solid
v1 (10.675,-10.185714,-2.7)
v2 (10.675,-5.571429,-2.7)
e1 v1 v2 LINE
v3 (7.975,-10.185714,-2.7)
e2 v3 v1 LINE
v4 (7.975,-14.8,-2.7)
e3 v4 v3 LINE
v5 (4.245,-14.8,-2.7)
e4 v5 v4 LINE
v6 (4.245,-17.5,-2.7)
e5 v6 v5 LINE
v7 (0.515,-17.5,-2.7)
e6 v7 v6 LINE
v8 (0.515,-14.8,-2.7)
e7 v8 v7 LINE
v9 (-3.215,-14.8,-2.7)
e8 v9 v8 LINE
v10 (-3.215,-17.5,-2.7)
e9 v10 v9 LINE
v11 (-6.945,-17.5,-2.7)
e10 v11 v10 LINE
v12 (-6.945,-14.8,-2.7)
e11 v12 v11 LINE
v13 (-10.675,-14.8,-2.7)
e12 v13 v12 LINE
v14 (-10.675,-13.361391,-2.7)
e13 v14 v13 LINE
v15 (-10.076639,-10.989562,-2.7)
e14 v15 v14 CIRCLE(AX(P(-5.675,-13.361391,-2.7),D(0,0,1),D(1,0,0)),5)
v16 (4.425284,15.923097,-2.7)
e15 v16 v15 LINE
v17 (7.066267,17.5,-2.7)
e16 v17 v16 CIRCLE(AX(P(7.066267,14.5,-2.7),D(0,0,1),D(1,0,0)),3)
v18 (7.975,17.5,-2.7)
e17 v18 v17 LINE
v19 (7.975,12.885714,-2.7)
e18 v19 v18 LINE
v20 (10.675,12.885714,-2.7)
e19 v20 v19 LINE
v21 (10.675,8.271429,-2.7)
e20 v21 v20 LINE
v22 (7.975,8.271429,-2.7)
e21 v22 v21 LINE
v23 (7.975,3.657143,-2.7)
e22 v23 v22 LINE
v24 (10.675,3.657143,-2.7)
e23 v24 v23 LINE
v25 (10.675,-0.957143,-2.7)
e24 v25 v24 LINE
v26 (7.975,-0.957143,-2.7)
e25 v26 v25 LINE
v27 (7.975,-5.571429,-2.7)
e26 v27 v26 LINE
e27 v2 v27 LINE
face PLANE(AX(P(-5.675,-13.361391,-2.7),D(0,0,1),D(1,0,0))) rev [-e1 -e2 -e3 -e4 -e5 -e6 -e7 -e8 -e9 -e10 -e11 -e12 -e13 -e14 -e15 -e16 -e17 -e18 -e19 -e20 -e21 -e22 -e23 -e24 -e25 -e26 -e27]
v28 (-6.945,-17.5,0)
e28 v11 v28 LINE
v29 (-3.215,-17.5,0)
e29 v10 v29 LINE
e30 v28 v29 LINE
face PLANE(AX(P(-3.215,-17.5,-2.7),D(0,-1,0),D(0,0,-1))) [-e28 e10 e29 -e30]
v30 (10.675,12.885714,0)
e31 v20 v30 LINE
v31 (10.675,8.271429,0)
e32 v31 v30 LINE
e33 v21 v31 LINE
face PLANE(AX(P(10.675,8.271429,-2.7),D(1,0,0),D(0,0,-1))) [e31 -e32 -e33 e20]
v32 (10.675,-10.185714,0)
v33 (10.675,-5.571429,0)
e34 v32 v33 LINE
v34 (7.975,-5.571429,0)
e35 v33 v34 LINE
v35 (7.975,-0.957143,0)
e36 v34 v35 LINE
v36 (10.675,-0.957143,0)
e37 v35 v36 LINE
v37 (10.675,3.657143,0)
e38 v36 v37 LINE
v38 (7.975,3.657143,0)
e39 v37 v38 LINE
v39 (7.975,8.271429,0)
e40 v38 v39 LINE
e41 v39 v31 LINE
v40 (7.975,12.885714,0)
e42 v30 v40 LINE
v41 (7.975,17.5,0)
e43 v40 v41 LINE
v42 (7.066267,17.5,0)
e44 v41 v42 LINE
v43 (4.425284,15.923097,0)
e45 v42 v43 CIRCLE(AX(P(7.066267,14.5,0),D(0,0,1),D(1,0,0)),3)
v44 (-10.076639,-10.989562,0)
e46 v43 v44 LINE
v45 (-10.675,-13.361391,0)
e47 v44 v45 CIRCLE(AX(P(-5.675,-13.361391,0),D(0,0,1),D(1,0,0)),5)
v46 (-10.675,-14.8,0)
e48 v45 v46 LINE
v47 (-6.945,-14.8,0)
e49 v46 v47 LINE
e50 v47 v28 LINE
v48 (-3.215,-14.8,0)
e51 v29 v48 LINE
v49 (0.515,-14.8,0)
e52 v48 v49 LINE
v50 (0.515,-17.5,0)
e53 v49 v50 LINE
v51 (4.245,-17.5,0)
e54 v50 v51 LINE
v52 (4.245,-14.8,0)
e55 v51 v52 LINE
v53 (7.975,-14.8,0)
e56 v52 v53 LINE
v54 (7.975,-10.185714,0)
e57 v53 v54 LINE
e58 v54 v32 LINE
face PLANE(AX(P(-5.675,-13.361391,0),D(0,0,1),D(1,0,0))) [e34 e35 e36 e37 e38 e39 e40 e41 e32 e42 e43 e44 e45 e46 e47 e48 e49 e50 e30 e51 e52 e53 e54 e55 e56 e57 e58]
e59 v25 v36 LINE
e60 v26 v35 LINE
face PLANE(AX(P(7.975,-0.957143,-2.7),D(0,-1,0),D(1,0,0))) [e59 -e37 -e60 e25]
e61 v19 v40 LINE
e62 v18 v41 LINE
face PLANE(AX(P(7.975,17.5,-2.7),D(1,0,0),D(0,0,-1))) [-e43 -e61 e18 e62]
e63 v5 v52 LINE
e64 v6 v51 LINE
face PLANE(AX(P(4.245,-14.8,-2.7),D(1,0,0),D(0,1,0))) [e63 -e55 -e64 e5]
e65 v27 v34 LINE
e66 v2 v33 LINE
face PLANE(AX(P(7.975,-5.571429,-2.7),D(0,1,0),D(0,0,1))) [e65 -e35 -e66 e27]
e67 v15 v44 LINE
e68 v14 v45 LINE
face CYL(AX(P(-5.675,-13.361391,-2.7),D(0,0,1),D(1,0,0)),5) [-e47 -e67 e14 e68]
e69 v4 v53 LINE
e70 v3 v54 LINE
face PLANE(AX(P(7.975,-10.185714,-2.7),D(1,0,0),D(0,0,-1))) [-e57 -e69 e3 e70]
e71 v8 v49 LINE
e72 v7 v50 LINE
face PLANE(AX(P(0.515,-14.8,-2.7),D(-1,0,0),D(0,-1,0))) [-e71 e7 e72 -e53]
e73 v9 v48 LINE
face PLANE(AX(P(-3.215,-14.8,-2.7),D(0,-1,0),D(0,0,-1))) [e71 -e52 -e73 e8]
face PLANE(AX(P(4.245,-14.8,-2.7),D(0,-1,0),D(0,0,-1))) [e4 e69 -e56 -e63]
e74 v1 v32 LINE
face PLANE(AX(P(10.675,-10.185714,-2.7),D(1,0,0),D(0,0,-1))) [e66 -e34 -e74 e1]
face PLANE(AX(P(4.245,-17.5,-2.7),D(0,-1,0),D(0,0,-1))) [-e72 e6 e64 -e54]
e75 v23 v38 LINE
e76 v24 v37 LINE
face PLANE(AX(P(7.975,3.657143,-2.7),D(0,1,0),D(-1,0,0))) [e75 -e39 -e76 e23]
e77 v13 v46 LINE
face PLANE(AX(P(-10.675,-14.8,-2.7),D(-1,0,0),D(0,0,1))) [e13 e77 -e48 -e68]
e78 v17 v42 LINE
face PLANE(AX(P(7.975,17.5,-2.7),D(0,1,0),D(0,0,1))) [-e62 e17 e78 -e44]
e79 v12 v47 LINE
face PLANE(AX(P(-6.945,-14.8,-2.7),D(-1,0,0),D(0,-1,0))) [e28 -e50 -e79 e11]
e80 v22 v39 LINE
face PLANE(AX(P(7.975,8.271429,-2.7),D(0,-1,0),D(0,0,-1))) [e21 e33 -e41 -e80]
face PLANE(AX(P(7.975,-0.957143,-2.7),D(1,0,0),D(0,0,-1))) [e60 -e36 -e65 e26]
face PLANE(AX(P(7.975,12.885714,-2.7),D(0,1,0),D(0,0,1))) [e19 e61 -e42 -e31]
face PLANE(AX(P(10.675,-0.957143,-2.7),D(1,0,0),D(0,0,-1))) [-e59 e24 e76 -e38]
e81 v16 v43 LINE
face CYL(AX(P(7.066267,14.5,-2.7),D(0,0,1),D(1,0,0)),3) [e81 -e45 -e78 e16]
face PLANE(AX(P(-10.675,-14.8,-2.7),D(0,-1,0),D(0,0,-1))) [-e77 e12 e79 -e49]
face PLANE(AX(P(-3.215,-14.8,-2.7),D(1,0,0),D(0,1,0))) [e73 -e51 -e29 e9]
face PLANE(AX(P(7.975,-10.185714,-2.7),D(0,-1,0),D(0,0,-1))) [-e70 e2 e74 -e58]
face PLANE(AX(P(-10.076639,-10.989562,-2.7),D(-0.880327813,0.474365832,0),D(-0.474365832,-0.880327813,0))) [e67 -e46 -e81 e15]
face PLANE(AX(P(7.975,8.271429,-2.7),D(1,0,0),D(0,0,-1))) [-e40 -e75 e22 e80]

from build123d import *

# Parameters (mm, degrees)
BOSS_EXTRUDE1_DEPTH = 2.7


with BuildPart() as part:
    # Sketch1 → Boss-Extrude1 (new body)
    with BuildSketch(Plane.XY):
        with BuildLine():
            Line((7.975, 17.5), (7.066267392, 17.5))
            ThreePointArc((7.066267392, 17.5), (5.52829673, 17.075780705), (4.425283954, 15.923097495))
            Line((4.425283954, 15.923097495), (-10.076639064, -10.98956215))
            ThreePointArc((-10.076639064, -10.98956215), (-10.52310248, -12.138320442), (-10.675, -13.361391307))
            Line((-10.675, -13.361391307), (-10.675, -14.8))
            Line((-10.675, -14.8), (-6.945, -14.8))
            Line((-6.945, -14.8), (-6.945, -17.5))
            Line((-6.945, -17.5), (-3.215, -17.5))
            Line((-3.215, -17.5), (-3.215, -14.8))
            Line((-3.215, -14.8), (0.515, -14.8))
            Line((0.515, -14.8), (0.515, -17.5))
            Line((0.515, -17.5), (4.245, -17.5))
            Line((4.245, -17.5), (4.245, -14.8))
            Line((4.245, -14.8), (7.975, -14.8))
            Line((7.975, -14.8), (7.975, -10.185714286))
            Line((7.975, -10.185714286), (10.675, -10.185714286))
            Line((10.675, -10.185714286), (10.675, -5.571428571))
            Line((10.675, -5.571428571), (7.975, -5.571428571))
            Line((7.975, -5.571428571), (7.975, -0.957142857))
            Line((7.975, -0.957142857), (10.675, -0.957142857))
            Line((10.675, -0.957142857), (10.675, 3.657142857))
            Line((10.675, 3.657142857), (7.975, 3.657142857))
            Line((7.975, 3.657142857), (7.975, 8.271428571))
            Line((7.975, 8.271428571), (10.675, 8.271428571))
            Line((10.675, 8.271428571), (10.675, 12.885714286))
            Line((10.675, 12.885714286), (7.975, 12.885714286))
            Line((7.975, 12.885714286), (7.975, 17.5))
        make_face()
    extrude(amount=-BOSS_EXTRUDE1_DEPTH)


solid = part.part
